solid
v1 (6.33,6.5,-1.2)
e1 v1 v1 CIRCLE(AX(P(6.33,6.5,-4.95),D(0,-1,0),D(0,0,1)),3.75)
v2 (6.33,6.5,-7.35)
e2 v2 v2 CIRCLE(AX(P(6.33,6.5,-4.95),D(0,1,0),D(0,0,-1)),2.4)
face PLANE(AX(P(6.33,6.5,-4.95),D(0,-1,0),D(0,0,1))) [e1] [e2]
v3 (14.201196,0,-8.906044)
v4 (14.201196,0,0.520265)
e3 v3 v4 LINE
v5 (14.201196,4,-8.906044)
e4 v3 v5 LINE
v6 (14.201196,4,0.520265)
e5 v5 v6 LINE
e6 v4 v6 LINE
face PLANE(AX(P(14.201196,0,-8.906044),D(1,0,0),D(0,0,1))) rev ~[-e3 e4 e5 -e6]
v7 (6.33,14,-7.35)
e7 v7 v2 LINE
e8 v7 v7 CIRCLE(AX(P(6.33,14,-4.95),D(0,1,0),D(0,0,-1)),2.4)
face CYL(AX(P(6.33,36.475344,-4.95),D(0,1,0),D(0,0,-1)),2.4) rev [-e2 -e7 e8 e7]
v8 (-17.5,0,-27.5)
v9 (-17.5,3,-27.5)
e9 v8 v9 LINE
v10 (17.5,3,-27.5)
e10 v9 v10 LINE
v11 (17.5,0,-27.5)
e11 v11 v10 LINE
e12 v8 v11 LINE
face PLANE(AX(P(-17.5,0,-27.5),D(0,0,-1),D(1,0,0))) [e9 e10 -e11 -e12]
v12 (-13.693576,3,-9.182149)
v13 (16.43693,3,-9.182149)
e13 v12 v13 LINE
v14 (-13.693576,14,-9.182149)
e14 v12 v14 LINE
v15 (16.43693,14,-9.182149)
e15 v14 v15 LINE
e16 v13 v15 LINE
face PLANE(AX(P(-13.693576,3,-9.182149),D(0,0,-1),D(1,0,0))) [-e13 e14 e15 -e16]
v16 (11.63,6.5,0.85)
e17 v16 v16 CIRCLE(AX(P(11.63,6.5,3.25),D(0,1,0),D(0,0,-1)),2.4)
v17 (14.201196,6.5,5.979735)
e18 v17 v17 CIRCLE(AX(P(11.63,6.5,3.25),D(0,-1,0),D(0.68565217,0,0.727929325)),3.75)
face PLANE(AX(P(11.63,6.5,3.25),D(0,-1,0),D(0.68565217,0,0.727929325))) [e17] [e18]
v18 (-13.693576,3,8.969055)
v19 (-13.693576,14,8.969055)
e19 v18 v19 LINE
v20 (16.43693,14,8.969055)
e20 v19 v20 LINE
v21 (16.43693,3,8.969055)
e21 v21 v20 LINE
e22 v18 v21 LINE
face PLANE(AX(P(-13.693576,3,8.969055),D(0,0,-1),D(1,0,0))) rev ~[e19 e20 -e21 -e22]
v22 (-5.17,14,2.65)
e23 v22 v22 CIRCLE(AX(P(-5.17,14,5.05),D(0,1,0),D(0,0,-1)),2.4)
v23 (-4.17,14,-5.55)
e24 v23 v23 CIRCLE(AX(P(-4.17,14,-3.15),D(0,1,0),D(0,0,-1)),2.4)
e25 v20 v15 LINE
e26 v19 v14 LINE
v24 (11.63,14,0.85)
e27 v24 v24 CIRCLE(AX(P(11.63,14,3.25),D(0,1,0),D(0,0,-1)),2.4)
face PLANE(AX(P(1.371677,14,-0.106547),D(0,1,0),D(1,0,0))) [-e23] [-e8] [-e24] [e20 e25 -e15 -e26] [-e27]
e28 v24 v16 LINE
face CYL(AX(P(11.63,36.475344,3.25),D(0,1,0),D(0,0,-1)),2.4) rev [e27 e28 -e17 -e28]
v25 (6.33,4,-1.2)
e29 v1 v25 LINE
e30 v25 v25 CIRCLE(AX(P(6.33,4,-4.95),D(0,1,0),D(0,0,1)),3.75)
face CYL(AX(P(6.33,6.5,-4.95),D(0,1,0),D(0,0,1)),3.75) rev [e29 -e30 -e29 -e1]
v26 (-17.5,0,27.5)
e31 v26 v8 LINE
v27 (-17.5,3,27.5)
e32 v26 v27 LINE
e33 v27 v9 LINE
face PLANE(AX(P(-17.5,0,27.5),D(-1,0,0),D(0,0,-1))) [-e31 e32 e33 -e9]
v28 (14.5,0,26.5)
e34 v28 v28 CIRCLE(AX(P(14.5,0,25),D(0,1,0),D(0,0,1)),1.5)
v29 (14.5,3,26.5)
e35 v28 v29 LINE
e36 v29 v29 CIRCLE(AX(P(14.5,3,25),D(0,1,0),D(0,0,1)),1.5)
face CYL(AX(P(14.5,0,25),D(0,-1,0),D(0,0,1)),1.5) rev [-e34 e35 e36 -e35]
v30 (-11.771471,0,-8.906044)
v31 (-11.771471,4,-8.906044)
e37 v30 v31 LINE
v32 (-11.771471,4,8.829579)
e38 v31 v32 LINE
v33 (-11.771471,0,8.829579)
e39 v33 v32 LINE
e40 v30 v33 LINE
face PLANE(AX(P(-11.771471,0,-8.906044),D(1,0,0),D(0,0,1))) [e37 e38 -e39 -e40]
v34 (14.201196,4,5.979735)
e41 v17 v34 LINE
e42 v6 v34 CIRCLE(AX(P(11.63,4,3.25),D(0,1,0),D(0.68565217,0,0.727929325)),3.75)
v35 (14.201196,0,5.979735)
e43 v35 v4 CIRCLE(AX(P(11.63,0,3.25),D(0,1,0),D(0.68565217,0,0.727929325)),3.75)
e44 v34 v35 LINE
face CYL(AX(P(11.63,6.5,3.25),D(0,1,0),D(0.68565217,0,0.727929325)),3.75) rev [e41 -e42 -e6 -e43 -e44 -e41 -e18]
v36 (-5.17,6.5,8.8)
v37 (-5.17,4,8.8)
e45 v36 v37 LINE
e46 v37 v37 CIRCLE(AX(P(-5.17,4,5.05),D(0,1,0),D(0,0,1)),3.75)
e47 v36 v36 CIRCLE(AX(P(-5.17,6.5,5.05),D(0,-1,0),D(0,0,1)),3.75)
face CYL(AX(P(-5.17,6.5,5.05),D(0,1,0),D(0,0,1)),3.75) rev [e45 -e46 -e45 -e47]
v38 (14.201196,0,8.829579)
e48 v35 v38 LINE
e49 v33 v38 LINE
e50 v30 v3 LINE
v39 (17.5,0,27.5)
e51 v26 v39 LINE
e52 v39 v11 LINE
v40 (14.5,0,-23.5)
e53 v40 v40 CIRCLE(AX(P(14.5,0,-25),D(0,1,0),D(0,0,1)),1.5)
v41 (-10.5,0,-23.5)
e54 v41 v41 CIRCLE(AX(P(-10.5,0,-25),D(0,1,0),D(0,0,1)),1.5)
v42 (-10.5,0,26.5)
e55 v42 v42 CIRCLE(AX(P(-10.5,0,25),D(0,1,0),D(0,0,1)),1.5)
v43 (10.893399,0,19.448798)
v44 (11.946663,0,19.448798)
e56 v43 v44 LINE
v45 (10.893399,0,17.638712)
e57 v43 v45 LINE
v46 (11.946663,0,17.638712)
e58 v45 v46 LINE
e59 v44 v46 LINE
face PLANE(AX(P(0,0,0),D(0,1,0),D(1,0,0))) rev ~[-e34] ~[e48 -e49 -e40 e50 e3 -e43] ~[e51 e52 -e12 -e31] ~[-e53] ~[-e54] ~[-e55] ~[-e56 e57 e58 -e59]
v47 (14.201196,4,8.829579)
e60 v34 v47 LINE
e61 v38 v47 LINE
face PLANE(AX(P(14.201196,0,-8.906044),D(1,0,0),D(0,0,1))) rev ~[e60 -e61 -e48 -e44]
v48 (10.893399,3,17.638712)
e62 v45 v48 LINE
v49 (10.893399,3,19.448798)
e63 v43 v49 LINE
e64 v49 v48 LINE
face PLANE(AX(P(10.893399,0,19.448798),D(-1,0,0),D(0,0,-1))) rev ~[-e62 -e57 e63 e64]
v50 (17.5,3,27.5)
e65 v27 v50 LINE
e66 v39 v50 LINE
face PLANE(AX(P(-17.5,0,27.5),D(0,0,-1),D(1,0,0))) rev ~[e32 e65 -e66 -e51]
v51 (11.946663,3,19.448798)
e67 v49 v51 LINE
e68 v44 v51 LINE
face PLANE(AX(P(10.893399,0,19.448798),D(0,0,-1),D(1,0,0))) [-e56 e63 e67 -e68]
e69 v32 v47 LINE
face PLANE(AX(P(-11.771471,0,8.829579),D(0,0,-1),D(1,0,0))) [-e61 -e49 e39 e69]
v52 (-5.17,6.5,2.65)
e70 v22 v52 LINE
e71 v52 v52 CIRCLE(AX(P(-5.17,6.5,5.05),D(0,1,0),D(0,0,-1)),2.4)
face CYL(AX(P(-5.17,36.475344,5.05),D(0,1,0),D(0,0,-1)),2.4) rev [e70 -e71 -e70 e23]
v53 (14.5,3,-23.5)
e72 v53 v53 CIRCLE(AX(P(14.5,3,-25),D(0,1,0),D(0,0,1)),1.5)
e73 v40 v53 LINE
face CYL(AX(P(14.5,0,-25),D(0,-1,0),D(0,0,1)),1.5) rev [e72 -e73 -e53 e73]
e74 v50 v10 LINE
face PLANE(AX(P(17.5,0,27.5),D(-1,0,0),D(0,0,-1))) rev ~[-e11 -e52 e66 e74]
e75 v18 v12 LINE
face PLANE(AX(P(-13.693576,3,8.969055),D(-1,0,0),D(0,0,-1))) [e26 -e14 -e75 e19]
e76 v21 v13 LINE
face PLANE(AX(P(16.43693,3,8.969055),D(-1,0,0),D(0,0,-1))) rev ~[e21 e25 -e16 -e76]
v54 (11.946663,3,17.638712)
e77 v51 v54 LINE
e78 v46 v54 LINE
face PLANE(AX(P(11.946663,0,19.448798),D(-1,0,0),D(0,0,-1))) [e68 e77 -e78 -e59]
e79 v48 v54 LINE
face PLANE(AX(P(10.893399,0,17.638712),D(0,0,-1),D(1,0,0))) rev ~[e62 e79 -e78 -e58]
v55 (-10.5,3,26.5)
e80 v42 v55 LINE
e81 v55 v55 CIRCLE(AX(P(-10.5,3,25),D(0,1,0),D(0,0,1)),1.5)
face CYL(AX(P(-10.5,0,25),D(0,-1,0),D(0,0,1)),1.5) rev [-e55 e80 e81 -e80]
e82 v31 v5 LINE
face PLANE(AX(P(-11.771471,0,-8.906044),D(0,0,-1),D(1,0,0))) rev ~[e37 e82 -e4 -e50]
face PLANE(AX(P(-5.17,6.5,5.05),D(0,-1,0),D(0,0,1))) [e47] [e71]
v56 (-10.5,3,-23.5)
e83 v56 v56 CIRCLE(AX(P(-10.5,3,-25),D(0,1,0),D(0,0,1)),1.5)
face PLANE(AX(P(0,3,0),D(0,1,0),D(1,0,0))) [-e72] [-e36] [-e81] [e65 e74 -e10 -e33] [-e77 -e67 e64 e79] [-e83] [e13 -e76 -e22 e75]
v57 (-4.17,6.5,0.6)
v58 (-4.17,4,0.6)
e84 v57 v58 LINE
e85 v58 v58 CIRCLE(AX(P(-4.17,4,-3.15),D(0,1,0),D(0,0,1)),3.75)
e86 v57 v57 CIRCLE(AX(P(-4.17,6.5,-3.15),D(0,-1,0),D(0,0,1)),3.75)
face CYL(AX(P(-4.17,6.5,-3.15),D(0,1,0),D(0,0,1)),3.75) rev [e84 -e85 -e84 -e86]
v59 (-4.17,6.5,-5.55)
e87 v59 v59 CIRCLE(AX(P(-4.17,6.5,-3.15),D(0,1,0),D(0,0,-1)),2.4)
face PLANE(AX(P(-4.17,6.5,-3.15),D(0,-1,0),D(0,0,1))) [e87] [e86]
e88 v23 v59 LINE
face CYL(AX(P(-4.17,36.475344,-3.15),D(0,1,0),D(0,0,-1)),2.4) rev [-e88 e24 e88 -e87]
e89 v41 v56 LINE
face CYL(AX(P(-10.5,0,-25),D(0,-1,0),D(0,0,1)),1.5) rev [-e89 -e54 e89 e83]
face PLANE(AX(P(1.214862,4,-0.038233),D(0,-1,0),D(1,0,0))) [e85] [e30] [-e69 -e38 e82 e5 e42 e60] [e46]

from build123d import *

# Parameters (mm, degrees)
SKETCH1_W               = 35
SKETCH1_H               = 55
SKETCH1_R               = 1.5
SKETCH1_W_2             = 1.053264105
SKETCH1_H_2             = 1.810086697
BOSS_EXTRUDE1_DEPTH     = 3
SKETCH2_W               = 30.130506089
SKETCH2_H               = 18.151203477
BOSS_EXTRUDE2_DEPTH     = 11
SKETCH4_W               = 25.972666726
SKETCH4_H               = 17.735623468
CUT_EXTRUDE2_DEPTH      = 4
CUT_EXTRUDE3_DEPTH      = 36.47534355
CUT_EXTRUDE3_DEPTH_BACK = 36.47534355
SKETCH6_R               = 2.4
CUT_EXTRUDE4_DEPTH      = 35.095454242
CUT_EXTRUDE4_DEPTH_BACK = 2.5
SKETCH7_R               = 3.75


with BuildPart() as part:
    # Sketch1 → Boss-Extrude1 (new body)
    with BuildSketch(Plane(origin=(0, 0, 0), x_dir=(1, 0, 0), z_dir=(0, 1, 0))):
        Rectangle(SKETCH1_W, SKETCH1_H)
        with Locations(Location((14.5, 25, 0), (0, 0, 270))):
            Circle(SKETCH1_R, mode=Mode.SUBTRACT)
        with Locations(Location((-10.5, 25, 0), (0, 0, 270))):
            Circle(SKETCH1_R, mode=Mode.SUBTRACT)
        with Locations(Location((14.5, -25, 0), (0, 0, 270))):
            Circle(SKETCH1_R, mode=Mode.SUBTRACT)
        with Locations(Location((-10.5, -25, 0), (0, 0, 270))):
            Circle(SKETCH1_R, mode=Mode.SUBTRACT)
        with Locations((11.420031076, -18.543755043)):
            Rectangle(SKETCH1_W_2, SKETCH1_H_2, mode=Mode.SUBTRACT)
    extrude(amount=BOSS_EXTRUDE1_DEPTH)

    # Sketch2 → Boss-Extrude2 (add)
    with BuildSketch(Plane(origin=(0, 3, 0), x_dir=(1, 0, 0), z_dir=(0, 1, 0))):
        with Locations((1.371677436, 0.106547158)):
            Rectangle(SKETCH2_W, SKETCH2_H)
    extrude(amount=BOSS_EXTRUDE2_DEPTH)

    # Sketch4 → Cut-Extrude2 (cut)
    with BuildSketch(Plane.XZ):
        with Locations((1.214862274, -0.038232514)):
            Rectangle(SKETCH4_W, SKETCH4_H)
    extrude(amount=-CUT_EXTRUDE2_DEPTH, mode=Mode.SUBTRACT)

    # Sketch6 → Cut-Extrude3 (cut, two sides: drawn at the far end of the back side and taken through both)
    with BuildSketch(Plane.XZ.offset(-CUT_EXTRUDE3_DEPTH_BACK)):
        with Locations(Location((11.63, 3.25, 0), (0, 0, 270))):
            Circle(SKETCH6_R)
        with Locations(Location((-5.17, 5.05, 0), (0, 0, 270))):
            Circle(SKETCH6_R)
        with Locations(Location((-4.17, -3.15, 0), (0, 0, 270))):
            Circle(SKETCH6_R)
        with Locations(Location((6.33, -4.95, 0), (0, 0, 270))):
            Circle(SKETCH6_R)
    extrude(amount=CUT_EXTRUDE3_DEPTH + CUT_EXTRUDE3_DEPTH_BACK, mode=Mode.SUBTRACT)

    # Sketch7 → Cut-Extrude4 (cut, two sides: drawn at the far end of the back side and taken through both)
    with BuildSketch(Plane.XZ.offset(-4).offset(-CUT_EXTRUDE4_DEPTH_BACK)):
        with Locations(Location((-5.17, 5.05, 0), (0, 0, 90))):
            Circle(SKETCH7_R)
        with Locations(Location((-4.17, -3.15, 0), (0, 0, 90))):
            Circle(SKETCH7_R)
        with Locations(Location((6.33, -4.95, 0), (0, 0, 90))):
            Circle(SKETCH7_R)
        with Locations(Location((11.63, 3.25, 0), (0, 0, 46.713081775))):
            Circle(SKETCH7_R)
    extrude(amount=CUT_EXTRUDE4_DEPTH + CUT_EXTRUDE4_DEPTH_BACK, mode=Mode.SUBTRACT)


solid = part.part
